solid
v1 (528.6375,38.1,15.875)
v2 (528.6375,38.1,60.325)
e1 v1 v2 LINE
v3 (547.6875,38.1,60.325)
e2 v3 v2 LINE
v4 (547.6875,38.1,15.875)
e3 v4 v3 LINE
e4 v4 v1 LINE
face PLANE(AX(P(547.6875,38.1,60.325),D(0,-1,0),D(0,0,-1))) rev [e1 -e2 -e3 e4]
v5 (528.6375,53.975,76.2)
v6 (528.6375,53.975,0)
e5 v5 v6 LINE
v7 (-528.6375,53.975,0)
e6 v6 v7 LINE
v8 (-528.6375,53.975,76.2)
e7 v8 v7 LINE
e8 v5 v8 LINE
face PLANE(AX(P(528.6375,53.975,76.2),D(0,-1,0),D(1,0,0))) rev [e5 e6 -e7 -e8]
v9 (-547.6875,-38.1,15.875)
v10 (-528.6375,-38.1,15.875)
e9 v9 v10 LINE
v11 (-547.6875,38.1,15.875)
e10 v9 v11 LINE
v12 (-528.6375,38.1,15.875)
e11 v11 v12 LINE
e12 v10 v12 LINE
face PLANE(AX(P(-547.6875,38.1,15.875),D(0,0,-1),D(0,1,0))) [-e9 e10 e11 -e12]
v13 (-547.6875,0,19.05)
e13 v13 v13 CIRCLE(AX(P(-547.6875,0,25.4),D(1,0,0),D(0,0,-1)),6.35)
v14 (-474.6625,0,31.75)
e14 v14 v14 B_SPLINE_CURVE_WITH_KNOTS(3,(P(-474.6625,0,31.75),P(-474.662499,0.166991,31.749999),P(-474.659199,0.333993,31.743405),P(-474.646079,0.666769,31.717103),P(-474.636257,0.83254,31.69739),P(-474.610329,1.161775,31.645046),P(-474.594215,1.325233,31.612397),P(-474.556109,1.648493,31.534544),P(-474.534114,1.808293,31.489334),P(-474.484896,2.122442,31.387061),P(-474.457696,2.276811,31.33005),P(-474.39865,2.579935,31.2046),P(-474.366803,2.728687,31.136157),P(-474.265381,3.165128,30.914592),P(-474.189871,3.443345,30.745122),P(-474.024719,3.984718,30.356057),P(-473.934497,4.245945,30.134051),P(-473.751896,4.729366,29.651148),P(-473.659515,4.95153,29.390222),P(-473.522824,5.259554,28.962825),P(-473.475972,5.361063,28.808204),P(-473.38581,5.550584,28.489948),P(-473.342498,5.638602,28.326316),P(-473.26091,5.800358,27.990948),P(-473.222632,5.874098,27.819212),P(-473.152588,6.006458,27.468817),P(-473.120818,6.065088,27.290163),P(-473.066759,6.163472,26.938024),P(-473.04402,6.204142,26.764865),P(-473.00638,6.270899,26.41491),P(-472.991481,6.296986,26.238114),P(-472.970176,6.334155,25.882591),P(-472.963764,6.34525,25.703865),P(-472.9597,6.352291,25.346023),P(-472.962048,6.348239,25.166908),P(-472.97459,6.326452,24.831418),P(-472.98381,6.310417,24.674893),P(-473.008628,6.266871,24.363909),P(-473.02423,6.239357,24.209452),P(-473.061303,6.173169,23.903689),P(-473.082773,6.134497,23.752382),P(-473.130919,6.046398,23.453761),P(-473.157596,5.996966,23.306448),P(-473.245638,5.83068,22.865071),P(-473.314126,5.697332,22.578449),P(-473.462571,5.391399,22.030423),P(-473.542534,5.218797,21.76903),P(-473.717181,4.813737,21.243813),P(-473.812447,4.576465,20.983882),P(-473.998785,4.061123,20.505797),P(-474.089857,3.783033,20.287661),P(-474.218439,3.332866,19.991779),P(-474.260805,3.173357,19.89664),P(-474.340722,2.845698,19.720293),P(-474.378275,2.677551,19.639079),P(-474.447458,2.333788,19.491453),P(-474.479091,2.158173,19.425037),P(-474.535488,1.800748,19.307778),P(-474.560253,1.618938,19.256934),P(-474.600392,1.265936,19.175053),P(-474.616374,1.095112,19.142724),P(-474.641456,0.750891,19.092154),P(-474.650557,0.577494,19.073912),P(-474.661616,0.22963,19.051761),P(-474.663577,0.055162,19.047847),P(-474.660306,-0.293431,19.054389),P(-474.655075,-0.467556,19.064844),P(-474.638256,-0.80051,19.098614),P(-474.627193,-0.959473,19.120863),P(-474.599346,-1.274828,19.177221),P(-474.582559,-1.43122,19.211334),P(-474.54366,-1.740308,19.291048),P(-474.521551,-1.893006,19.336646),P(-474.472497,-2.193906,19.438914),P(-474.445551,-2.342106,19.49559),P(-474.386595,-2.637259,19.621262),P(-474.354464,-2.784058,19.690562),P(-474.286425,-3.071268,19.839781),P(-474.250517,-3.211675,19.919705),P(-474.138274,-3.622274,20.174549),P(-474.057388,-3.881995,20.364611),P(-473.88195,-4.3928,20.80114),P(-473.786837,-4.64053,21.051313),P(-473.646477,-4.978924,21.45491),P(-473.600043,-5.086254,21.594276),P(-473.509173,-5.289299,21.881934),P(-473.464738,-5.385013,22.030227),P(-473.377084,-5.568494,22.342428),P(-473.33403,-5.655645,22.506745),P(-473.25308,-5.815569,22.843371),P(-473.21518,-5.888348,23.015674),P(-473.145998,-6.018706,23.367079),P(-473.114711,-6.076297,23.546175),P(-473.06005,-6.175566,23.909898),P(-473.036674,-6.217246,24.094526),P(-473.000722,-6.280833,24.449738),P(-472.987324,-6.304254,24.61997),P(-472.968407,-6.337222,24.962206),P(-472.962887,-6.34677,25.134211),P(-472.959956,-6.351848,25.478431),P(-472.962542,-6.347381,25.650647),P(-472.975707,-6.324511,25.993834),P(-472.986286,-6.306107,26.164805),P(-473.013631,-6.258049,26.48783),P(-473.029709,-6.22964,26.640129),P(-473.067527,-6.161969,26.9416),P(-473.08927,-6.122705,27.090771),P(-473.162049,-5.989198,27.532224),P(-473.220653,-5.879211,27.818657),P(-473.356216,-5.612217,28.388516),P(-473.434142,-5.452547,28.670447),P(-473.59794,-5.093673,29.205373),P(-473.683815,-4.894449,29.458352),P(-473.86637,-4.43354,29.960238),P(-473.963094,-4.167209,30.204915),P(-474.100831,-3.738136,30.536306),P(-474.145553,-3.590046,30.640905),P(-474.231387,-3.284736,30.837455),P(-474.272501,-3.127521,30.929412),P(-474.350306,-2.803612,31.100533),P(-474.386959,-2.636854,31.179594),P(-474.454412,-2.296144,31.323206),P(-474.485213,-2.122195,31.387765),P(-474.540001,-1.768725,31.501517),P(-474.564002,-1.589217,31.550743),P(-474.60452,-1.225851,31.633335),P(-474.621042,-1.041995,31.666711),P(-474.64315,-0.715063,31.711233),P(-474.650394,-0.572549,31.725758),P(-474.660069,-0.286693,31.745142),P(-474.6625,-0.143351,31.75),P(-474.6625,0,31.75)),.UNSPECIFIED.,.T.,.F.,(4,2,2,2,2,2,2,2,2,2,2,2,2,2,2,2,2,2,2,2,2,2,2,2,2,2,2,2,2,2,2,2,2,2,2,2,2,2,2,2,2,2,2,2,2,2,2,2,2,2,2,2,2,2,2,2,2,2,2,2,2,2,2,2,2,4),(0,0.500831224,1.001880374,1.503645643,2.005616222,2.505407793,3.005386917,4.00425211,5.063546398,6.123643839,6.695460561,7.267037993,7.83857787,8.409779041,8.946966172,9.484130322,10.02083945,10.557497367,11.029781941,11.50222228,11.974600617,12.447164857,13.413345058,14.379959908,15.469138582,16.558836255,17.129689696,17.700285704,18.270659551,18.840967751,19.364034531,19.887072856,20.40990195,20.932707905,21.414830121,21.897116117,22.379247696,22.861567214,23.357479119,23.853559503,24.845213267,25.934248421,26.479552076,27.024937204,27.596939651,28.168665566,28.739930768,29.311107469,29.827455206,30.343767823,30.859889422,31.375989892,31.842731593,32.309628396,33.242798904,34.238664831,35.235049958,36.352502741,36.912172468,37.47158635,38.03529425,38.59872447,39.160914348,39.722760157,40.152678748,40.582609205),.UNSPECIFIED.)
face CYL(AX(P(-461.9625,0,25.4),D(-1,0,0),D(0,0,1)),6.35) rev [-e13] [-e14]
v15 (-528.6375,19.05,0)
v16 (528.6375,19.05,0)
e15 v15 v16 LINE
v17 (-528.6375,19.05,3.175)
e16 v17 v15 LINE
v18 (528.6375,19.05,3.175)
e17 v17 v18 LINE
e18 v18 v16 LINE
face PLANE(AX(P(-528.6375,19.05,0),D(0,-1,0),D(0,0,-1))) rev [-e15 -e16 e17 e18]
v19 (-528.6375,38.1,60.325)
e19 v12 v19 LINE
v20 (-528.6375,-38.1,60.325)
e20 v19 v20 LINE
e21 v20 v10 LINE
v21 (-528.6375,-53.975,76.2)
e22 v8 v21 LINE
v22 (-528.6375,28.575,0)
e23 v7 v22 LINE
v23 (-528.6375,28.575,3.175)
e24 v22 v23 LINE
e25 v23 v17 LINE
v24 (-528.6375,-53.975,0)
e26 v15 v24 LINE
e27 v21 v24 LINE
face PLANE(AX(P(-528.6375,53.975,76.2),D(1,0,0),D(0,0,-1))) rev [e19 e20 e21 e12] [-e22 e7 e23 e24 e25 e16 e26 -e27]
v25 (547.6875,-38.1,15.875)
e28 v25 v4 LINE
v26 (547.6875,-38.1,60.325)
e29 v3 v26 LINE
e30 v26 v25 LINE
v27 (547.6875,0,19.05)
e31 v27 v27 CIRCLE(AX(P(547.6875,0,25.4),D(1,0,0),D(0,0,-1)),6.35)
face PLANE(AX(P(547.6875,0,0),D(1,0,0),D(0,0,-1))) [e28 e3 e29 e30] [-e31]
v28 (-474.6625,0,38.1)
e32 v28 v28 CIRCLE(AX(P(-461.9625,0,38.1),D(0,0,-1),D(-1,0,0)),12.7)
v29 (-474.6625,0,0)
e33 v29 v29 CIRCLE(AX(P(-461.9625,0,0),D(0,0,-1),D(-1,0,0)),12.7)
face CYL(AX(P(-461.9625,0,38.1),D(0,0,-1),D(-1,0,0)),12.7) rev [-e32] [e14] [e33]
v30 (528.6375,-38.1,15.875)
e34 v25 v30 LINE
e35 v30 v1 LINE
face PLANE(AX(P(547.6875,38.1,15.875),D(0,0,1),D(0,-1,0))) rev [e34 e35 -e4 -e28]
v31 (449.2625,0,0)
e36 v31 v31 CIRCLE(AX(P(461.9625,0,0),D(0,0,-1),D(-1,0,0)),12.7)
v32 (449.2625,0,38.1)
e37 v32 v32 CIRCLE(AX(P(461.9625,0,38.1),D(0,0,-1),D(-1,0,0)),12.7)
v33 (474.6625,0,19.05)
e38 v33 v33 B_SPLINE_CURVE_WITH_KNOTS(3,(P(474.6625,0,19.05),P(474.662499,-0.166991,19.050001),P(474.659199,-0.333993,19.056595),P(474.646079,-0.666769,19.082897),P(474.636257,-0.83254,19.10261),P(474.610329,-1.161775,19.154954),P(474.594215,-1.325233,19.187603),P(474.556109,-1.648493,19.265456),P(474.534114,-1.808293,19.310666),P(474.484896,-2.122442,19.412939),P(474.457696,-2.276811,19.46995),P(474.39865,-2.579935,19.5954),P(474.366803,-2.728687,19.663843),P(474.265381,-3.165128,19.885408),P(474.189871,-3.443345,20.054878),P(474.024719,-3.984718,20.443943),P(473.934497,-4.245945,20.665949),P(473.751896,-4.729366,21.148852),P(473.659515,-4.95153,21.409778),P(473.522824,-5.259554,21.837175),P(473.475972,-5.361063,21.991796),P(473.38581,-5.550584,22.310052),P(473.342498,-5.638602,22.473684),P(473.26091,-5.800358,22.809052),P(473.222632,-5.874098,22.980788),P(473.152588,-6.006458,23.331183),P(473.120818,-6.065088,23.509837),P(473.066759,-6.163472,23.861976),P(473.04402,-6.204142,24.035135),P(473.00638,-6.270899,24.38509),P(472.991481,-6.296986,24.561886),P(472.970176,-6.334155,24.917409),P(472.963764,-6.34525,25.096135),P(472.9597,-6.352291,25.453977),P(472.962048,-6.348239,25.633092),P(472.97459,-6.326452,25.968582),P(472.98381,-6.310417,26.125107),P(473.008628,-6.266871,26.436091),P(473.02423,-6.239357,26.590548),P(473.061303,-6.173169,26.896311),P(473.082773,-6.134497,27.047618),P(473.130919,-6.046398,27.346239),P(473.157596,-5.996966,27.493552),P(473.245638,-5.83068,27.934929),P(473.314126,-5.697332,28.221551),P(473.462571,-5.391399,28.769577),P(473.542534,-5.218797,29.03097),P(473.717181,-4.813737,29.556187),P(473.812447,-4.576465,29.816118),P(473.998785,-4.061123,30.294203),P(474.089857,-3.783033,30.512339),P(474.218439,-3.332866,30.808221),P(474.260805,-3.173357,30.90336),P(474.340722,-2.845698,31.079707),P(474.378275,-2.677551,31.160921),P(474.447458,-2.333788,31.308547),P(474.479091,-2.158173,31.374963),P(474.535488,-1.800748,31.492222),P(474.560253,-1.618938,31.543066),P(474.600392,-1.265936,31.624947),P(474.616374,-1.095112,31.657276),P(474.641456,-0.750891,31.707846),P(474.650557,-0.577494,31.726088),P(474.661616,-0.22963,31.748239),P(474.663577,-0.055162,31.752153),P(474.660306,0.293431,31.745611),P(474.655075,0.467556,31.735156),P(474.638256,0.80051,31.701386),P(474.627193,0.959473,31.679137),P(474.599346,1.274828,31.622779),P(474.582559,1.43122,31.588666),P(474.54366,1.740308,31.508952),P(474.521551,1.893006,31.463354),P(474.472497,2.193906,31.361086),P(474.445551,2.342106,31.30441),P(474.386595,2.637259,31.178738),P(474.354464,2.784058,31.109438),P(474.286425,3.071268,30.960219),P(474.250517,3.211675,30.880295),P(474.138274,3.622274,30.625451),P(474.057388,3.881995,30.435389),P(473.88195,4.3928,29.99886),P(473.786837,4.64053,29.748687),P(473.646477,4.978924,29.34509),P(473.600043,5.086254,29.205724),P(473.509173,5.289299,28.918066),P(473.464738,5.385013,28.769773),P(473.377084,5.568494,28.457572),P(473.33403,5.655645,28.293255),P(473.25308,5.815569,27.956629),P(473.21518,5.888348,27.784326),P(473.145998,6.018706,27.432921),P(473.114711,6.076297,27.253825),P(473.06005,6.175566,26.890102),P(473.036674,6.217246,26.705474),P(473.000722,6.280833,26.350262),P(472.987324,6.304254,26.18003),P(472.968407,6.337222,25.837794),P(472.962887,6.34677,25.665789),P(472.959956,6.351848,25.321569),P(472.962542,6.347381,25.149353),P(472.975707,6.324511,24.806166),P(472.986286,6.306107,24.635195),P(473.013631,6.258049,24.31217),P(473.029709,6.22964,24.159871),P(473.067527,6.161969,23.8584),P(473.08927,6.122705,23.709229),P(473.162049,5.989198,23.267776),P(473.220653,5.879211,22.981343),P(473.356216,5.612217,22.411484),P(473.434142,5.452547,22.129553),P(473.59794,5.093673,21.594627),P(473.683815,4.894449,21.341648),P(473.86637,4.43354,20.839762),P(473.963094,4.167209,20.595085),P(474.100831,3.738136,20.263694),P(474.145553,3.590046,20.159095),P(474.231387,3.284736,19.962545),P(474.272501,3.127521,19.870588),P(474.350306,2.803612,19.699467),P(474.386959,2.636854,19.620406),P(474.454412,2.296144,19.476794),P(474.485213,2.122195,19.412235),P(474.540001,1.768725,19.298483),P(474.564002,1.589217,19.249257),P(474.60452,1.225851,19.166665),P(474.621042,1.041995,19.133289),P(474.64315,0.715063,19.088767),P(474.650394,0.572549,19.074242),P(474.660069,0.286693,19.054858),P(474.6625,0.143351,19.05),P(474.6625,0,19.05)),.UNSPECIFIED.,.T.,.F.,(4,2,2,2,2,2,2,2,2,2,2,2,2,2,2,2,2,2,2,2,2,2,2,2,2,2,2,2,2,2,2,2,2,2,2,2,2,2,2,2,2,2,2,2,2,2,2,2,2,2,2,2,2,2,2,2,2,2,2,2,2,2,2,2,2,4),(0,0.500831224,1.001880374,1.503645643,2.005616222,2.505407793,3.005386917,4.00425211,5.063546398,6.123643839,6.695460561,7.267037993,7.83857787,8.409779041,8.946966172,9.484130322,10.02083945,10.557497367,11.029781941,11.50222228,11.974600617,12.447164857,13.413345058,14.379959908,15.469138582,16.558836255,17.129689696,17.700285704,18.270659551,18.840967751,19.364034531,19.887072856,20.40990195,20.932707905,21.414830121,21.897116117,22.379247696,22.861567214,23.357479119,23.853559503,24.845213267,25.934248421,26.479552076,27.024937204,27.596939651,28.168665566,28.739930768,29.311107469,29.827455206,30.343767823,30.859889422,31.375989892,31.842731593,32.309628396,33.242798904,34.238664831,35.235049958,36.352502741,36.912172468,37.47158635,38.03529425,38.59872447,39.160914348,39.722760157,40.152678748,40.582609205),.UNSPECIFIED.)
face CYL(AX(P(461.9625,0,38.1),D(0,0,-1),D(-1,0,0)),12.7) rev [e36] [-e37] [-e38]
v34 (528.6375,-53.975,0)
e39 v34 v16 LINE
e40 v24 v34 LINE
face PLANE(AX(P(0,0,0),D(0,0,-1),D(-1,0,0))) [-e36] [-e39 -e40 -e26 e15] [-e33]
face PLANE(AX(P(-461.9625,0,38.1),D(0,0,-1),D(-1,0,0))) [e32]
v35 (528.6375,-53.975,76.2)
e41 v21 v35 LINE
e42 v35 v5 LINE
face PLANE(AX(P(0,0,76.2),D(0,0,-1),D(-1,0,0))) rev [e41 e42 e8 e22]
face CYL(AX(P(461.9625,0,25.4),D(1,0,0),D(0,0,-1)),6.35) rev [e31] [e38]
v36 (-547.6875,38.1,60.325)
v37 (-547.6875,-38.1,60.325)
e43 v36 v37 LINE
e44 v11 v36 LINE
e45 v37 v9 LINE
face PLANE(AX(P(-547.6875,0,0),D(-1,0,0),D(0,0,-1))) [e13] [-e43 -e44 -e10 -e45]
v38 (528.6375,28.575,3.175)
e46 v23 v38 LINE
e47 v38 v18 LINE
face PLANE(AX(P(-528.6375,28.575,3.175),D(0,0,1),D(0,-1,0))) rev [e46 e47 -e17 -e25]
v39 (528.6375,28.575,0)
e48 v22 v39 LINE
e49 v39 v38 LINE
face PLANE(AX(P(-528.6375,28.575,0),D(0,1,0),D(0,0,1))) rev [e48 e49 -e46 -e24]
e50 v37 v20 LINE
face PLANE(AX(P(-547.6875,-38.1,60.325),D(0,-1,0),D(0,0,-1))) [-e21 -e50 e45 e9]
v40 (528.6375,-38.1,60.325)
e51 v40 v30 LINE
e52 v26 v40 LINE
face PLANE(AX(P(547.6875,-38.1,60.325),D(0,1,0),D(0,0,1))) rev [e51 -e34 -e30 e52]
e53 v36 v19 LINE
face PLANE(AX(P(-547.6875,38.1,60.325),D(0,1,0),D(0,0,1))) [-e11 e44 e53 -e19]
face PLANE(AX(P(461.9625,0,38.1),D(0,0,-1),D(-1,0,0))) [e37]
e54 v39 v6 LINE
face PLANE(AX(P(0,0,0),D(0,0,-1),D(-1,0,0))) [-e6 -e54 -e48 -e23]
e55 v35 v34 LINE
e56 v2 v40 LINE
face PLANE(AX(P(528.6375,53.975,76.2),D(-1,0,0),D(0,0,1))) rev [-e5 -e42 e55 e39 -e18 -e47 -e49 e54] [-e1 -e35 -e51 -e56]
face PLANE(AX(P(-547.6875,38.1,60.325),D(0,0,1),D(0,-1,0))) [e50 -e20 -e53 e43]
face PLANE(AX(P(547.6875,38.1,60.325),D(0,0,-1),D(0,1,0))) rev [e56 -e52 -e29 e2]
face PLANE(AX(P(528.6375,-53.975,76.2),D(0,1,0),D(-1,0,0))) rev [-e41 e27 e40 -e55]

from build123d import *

# Parameters (mm, degrees)
SKETCH1_W           = 1057.275
SKETCH1_H           = 107.95
BOSS_EXTRUDE1_DEPTH = 76.2
SKETCH2_W           = 44.45
SKETCH2_H           = 76.2
BOSS_EXTRUDE2_DEPTH = 19.05
SKETCH3_R           = 6.35
CUT_EXTRUDE1_DEPTH  = 85.725
SKETCH4_W           = 3.175
SKETCH4_H           = 9.525
CUT_EXTRUDE2_DEPTH  = 1062.3906756
SKETCH5_R           = 12.7
CUT_EXTRUDE3_DEPTH  = 38.1


with BuildPart() as part:
    # Sketch1 → Boss-Extrude1 (new body)
    with BuildSketch(Plane.XY):
        Rectangle(SKETCH1_W, SKETCH1_H)
    extrude(amount=BOSS_EXTRUDE1_DEPTH)

    # Sketch2 → Boss-Extrude2 (add)
    with BuildSketch(Plane(origin=(528.6375, 0, 0), x_dir=(0, 0, -1), z_dir=(1, 0, 0))):
        with Locations((-38.1, 0)):
            Rectangle(SKETCH2_W, SKETCH2_H)
    boss_extrude2 = extrude(amount=BOSS_EXTRUDE2_DEPTH)

    # Sketch3 → Cut-Extrude1 (cut)
    with BuildSketch(Plane(origin=(547.6875, 0, 0), x_dir=(0, 0, -1), z_dir=(1, 0, 0))):
        with Locations((-25.4, 0)):
            Circle(SKETCH3_R)
    cut_extrude1 = extrude(amount=-CUT_EXTRUDE1_DEPTH, mode=Mode.SUBTRACT)

    # Sketch4 → Cut-Extrude2 (cut, through all)
    with BuildSketch(Plane(origin=(528.6375, 0, 0), x_dir=(0, 0, -1), z_dir=(1, 0, 0))):
        with Locations((-1.5875, 23.8125)):
            Rectangle(SKETCH4_W, SKETCH4_H)
    extrude(amount=-CUT_EXTRUDE2_DEPTH, mode=Mode.SUBTRACT)

    # Mirror1: Boss-Extrude2, Cut-Extrude1 across plane
    add(boss_extrude2.mirror(Plane(origin=(0, 0, 0), x_dir=(0, 0, 1), z_dir=(1, 0, 0))))
    add(cut_extrude1.mirror(Plane(origin=(0, 0, 0), x_dir=(0, 0, 1), z_dir=(1, 0, 0))), mode=Mode.SUBTRACT)

    # Sketch5 → Cut-Extrude3 (cut)
    with BuildSketch(Plane(origin=(0, 0, 0), x_dir=(-1, 0, 0), z_dir=(0, 0, -1))):
        with Locations((-461.9625, 0)):
            Circle(SKETCH5_R)
        with Locations((461.9625, 0)):
            Circle(SKETCH5_R)
    extrude(amount=-CUT_EXTRUDE3_DEPTH, mode=Mode.SUBTRACT)


solid = part.part
